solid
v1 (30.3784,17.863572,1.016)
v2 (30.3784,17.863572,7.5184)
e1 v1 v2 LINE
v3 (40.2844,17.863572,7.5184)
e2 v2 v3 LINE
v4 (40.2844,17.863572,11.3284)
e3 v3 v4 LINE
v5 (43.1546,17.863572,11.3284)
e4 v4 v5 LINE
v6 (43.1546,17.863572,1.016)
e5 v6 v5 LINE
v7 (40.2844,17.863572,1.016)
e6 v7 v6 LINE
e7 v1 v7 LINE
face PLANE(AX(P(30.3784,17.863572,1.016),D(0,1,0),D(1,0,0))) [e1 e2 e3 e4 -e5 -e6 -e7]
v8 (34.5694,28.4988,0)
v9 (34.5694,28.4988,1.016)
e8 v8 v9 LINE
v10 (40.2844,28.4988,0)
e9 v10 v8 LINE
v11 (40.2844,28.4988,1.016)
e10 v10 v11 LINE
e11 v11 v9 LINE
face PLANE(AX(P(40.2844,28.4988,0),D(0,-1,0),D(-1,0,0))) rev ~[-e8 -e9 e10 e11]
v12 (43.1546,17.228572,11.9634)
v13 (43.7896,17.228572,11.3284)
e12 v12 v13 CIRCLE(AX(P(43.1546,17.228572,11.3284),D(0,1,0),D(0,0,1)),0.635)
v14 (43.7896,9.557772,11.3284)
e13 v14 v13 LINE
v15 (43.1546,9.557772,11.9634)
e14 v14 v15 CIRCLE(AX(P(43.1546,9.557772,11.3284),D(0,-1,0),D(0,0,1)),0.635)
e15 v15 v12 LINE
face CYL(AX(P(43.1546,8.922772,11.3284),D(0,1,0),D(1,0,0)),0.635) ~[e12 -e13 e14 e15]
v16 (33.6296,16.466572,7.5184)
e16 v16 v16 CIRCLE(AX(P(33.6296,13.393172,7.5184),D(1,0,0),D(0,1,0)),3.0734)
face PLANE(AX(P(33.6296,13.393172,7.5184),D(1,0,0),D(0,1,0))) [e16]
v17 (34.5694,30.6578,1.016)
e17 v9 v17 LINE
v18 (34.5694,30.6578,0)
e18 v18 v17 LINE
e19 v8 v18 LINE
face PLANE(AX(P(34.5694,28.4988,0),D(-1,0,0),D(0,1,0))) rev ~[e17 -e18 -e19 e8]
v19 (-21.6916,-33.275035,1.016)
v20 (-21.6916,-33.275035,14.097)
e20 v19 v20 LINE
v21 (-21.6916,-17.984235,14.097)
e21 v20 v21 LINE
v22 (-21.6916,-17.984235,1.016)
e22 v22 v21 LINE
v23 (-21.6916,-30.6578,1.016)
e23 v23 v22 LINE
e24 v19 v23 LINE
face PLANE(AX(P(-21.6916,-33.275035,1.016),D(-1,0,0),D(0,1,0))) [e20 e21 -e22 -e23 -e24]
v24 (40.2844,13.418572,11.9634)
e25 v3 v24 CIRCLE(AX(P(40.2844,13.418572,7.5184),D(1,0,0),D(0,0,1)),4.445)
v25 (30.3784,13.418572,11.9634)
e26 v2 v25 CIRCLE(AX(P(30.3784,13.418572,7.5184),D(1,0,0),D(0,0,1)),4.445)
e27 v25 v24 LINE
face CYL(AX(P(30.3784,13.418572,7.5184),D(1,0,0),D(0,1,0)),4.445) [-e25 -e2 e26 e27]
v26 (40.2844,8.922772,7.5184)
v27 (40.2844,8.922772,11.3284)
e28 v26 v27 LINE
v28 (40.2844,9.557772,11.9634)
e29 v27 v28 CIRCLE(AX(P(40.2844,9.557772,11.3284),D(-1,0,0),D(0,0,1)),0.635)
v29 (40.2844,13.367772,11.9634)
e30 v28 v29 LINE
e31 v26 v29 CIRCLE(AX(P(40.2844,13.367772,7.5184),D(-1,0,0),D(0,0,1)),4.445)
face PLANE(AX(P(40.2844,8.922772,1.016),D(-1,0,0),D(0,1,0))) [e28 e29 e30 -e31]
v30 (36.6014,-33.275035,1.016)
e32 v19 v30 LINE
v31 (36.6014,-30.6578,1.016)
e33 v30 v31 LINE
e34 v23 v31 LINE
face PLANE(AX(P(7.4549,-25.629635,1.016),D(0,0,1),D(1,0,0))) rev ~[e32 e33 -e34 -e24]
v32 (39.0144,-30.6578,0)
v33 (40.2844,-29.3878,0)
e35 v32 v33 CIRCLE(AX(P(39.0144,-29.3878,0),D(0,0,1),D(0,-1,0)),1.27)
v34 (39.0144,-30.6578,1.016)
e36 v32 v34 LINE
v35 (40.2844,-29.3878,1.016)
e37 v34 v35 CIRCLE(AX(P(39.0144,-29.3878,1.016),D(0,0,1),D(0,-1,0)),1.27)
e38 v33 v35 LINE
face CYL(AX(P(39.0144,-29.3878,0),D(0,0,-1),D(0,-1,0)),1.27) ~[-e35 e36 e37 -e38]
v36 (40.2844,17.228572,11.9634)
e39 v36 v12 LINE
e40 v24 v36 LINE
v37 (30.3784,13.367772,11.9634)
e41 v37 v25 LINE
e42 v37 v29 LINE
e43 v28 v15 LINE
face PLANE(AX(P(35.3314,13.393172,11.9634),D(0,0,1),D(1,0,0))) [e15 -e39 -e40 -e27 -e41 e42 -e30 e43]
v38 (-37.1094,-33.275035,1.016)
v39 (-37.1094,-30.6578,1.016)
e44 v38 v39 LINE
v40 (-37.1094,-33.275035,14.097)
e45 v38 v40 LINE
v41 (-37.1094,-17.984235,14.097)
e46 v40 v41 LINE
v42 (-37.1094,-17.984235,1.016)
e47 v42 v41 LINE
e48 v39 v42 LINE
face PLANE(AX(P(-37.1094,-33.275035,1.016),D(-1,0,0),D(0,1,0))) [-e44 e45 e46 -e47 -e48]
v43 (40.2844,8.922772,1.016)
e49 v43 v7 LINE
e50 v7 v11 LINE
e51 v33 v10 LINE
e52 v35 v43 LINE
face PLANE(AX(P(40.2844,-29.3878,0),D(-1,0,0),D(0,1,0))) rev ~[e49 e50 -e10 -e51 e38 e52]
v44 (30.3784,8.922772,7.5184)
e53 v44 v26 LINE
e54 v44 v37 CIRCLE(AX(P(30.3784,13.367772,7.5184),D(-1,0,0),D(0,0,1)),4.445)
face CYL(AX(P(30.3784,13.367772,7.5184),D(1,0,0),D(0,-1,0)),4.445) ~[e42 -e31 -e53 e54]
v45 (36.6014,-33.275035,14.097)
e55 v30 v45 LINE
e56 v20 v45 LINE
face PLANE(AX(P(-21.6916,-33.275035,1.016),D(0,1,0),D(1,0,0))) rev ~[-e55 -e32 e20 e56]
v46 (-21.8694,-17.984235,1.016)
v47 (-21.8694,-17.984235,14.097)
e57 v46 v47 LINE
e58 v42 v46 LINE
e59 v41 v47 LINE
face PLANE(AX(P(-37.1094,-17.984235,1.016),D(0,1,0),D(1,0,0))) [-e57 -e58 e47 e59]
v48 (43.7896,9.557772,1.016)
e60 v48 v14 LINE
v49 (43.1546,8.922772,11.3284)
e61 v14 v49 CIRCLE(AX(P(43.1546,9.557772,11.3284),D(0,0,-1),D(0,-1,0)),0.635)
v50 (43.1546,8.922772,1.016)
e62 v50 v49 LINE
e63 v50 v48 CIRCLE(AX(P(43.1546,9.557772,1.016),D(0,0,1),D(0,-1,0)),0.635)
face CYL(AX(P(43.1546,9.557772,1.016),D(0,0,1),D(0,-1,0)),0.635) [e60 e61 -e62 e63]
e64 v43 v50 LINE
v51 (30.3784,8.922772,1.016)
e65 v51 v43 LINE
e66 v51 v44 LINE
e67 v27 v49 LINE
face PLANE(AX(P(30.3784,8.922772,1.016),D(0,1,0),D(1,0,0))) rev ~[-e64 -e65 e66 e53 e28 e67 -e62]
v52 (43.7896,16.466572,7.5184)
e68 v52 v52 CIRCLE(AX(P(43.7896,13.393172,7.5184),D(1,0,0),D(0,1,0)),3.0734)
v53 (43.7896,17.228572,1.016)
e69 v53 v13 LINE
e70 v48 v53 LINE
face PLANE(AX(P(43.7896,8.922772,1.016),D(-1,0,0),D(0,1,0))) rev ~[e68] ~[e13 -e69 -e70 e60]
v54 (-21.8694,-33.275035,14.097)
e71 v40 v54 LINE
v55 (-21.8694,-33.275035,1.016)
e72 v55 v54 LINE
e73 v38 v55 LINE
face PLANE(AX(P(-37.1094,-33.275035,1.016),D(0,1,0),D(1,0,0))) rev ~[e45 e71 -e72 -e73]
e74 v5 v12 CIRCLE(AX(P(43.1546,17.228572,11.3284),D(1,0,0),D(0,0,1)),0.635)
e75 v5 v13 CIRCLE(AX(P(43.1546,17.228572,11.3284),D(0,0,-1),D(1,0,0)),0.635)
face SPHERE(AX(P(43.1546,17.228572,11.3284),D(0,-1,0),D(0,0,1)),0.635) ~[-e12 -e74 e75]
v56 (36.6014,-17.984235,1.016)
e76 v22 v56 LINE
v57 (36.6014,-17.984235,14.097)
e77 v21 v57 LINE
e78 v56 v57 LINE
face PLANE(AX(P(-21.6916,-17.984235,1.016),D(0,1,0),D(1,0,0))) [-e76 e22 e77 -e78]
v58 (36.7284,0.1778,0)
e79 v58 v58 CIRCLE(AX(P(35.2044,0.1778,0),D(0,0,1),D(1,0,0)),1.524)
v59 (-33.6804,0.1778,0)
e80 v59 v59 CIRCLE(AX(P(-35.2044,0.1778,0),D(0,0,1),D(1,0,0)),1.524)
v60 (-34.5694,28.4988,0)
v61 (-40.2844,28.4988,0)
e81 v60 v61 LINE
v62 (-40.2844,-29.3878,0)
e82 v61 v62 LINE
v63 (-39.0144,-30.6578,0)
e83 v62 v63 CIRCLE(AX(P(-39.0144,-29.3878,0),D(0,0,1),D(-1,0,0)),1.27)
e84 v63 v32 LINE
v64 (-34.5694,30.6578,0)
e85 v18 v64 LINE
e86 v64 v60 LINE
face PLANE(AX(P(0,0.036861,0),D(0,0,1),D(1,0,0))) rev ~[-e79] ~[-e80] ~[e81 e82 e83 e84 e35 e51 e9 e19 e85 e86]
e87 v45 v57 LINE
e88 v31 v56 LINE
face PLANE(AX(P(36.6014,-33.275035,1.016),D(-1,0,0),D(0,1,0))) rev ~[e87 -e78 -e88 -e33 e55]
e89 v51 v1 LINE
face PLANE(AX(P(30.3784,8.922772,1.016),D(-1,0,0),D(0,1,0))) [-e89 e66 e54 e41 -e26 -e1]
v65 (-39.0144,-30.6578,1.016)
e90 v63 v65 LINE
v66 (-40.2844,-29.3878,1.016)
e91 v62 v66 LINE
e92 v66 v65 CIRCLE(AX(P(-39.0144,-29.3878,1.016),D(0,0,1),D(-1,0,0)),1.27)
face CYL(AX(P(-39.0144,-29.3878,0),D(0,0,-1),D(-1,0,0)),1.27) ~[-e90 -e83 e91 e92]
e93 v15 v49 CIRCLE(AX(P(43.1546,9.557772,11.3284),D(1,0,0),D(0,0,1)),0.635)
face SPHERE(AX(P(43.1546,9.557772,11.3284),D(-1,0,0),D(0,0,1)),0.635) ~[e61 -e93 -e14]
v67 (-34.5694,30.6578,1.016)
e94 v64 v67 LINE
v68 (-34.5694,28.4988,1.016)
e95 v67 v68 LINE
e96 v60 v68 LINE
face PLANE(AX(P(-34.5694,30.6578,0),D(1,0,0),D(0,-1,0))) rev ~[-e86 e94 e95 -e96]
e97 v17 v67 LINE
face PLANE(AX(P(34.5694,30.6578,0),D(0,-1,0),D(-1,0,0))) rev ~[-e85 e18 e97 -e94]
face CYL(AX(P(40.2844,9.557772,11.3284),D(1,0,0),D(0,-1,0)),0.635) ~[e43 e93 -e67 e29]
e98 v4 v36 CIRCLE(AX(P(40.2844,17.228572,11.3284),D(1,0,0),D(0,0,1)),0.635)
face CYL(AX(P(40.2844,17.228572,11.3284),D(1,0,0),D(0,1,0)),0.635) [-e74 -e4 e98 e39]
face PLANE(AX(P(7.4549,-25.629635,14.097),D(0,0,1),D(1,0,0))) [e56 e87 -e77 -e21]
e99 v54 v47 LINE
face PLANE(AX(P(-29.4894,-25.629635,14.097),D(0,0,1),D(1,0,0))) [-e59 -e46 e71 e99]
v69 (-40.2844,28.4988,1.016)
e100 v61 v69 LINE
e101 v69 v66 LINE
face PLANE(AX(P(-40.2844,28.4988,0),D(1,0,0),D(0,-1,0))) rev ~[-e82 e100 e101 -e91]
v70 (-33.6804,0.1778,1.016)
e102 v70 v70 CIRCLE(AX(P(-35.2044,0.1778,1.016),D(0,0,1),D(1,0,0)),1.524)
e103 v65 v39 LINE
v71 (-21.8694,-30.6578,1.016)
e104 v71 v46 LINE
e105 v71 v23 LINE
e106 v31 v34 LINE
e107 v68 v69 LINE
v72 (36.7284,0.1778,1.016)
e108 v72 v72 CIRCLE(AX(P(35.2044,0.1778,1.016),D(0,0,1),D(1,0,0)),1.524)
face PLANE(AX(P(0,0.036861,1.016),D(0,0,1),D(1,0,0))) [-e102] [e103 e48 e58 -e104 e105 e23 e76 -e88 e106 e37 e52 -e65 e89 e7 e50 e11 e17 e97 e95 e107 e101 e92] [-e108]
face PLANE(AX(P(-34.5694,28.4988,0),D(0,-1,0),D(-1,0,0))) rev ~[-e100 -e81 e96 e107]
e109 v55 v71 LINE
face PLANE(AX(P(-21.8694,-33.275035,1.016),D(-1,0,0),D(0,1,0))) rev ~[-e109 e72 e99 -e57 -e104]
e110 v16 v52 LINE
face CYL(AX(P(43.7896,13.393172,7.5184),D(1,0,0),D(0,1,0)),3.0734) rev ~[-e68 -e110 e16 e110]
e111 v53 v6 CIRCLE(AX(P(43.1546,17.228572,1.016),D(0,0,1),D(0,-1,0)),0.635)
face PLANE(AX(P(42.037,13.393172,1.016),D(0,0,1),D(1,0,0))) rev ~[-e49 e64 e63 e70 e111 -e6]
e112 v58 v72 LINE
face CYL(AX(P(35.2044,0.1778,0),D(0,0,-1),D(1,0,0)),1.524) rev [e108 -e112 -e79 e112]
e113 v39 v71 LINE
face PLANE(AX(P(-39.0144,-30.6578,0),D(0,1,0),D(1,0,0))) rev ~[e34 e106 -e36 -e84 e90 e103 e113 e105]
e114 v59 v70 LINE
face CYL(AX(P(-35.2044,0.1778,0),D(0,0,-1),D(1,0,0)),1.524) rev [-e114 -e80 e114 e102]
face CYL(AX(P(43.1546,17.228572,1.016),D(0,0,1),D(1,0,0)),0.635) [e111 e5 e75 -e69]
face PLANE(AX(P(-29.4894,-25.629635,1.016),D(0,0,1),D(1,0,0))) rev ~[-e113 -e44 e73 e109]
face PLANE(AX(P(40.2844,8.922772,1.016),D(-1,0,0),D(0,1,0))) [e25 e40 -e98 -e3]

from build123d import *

# Parameters (mm, degrees)
F0_R      = 1.524
F1_DEPTH  = 1.016
F2_W      = 3.5052
F2_H      = 8.9408
F3_DEPTH  = 10.9474
F2_W_2    = 9.906
F4_DEPTH  = 10.9474
F5_R      = 4.445
F6_R      = 0.635
F7_R      = 3.0734
F8_DEPTH  = 10.16
F9_W      = 58.293
F9_H      = 15.2908
F10_DEPTH = 13.081
F11_W     = 15.24
F11_H     = 15.2908
F12_DEPTH = 13.081


with BuildPart() as f1:
    # F0 (on Top) → F1 (new body)
    with BuildSketch(Plane.XY):
        with BuildLine():
            Line((-39.0144, -30.6578), (39.0144, -30.6578))
            ThreePointArc((39.0144, -30.6578), (39.9124256121, -30.2858256121), (40.2844, -29.3878))
            Line((40.2844, -29.3878), (40.2844, 28.4988))
            Line((40.2844, 28.4988), (34.5694, 28.4988))
            Line((34.5694, 28.4988), (34.5694, 30.6578))
            Line((34.5694, 30.6578), (-34.5694, 30.6578))
            Line((-34.5694, 30.6578), (-34.5694, 28.4988))
            Line((-34.5694, 28.4988), (-40.2844, 28.4988))
            Line((-40.2844, 28.4988), (-40.2844, -29.3878))
            ThreePointArc((-40.2844, -29.3878), (-39.9124256121, -30.2858256121), (-39.0144, -30.6578))
        make_face()
        with Locations((-35.2044, 0.1778)):
            Circle(F0_R, mode=Mode.SUBTRACT)
        with Locations((35.2044, 0.1778)):
            Circle(F0_R, mode=Mode.SUBTRACT)
    extrude(amount=F1_DEPTH)

    # F9 (on face) → F10 (join)
    with BuildSketch(Plane.XY.offset(1.016)):
        with Locations((7.4549, -25.6296345744)):
            Rectangle(F9_W, F9_H)
    extrude(amount=F10_DEPTH)



with BuildPart() as f3:
    # F2 (on face) → F3 (new body)
    with BuildSketch(Plane.XY.offset(1.016)):
        with Locations((42.037, 13.3931720629)):
            Rectangle(F2_W, F2_H)
    extrude(amount=F3_DEPTH)

    # F6
    f6_edges = [f3.edges().sort_by_distance(p)[0] for p in [
        (42.037, 8.922772, 11.9634),
        (43.7896, 13.393172, 11.9634),
        (42.037, 17.863572, 11.9634),
        (43.7896, 8.922772, 6.4897),
        (43.7896, 17.863572, 6.4897),
    ]]
    fillet(f6_edges, radius=F6_R)


with BuildPart() as f4:
    # F2 (on face) → F4 (new body)
    with BuildSketch(Plane.XY.offset(1.016)):
        with Locations((35.3314, 13.3931720629)):
            Rectangle(F2_W_2, F2_H)
    extrude(amount=F4_DEPTH)

    # F5
    f5_edges = [f4.edges().sort_by_distance(p)[0] for p in [
        (35.3314, 8.922772, 11.9634),
        (35.3314, 17.863572, 11.9634),
    ]]
    fillet(f5_edges, radius=F5_R)


with BuildPart() as f8_tool:
    # F7 (on face) → F8 (new body)
    with BuildSketch(Plane.YZ.offset(43.7896)):
        with Locations((13.3931720629, 7.5184)):
            Circle(F7_R)
    extrude(amount=-F8_DEPTH)


with BuildPart() as f3_1:
    add(f3.part)

    # F8: cut by f8_tool
    add(f8_tool.part, mode=Mode.SUBTRACT)


with BuildPart() as f4_1:
    add(f4.part)

    # F8: cut by f8_tool
    add(f8_tool.part, mode=Mode.SUBTRACT)


with BuildPart() as f1_1:
    add(f1.part)

    add(f3_1.part)  # F12 merges F3

    add(f4_1.part)  # F12 merges F4
    # F11 (on face) → F12 (join)
    with BuildSketch(Plane.XY.offset(1.016)):
        with Locations((-29.4894, -25.6296345744)):
            Rectangle(F11_W, F11_H)
    extrude(amount=F12_DEPTH)


solid = f1_1.part
